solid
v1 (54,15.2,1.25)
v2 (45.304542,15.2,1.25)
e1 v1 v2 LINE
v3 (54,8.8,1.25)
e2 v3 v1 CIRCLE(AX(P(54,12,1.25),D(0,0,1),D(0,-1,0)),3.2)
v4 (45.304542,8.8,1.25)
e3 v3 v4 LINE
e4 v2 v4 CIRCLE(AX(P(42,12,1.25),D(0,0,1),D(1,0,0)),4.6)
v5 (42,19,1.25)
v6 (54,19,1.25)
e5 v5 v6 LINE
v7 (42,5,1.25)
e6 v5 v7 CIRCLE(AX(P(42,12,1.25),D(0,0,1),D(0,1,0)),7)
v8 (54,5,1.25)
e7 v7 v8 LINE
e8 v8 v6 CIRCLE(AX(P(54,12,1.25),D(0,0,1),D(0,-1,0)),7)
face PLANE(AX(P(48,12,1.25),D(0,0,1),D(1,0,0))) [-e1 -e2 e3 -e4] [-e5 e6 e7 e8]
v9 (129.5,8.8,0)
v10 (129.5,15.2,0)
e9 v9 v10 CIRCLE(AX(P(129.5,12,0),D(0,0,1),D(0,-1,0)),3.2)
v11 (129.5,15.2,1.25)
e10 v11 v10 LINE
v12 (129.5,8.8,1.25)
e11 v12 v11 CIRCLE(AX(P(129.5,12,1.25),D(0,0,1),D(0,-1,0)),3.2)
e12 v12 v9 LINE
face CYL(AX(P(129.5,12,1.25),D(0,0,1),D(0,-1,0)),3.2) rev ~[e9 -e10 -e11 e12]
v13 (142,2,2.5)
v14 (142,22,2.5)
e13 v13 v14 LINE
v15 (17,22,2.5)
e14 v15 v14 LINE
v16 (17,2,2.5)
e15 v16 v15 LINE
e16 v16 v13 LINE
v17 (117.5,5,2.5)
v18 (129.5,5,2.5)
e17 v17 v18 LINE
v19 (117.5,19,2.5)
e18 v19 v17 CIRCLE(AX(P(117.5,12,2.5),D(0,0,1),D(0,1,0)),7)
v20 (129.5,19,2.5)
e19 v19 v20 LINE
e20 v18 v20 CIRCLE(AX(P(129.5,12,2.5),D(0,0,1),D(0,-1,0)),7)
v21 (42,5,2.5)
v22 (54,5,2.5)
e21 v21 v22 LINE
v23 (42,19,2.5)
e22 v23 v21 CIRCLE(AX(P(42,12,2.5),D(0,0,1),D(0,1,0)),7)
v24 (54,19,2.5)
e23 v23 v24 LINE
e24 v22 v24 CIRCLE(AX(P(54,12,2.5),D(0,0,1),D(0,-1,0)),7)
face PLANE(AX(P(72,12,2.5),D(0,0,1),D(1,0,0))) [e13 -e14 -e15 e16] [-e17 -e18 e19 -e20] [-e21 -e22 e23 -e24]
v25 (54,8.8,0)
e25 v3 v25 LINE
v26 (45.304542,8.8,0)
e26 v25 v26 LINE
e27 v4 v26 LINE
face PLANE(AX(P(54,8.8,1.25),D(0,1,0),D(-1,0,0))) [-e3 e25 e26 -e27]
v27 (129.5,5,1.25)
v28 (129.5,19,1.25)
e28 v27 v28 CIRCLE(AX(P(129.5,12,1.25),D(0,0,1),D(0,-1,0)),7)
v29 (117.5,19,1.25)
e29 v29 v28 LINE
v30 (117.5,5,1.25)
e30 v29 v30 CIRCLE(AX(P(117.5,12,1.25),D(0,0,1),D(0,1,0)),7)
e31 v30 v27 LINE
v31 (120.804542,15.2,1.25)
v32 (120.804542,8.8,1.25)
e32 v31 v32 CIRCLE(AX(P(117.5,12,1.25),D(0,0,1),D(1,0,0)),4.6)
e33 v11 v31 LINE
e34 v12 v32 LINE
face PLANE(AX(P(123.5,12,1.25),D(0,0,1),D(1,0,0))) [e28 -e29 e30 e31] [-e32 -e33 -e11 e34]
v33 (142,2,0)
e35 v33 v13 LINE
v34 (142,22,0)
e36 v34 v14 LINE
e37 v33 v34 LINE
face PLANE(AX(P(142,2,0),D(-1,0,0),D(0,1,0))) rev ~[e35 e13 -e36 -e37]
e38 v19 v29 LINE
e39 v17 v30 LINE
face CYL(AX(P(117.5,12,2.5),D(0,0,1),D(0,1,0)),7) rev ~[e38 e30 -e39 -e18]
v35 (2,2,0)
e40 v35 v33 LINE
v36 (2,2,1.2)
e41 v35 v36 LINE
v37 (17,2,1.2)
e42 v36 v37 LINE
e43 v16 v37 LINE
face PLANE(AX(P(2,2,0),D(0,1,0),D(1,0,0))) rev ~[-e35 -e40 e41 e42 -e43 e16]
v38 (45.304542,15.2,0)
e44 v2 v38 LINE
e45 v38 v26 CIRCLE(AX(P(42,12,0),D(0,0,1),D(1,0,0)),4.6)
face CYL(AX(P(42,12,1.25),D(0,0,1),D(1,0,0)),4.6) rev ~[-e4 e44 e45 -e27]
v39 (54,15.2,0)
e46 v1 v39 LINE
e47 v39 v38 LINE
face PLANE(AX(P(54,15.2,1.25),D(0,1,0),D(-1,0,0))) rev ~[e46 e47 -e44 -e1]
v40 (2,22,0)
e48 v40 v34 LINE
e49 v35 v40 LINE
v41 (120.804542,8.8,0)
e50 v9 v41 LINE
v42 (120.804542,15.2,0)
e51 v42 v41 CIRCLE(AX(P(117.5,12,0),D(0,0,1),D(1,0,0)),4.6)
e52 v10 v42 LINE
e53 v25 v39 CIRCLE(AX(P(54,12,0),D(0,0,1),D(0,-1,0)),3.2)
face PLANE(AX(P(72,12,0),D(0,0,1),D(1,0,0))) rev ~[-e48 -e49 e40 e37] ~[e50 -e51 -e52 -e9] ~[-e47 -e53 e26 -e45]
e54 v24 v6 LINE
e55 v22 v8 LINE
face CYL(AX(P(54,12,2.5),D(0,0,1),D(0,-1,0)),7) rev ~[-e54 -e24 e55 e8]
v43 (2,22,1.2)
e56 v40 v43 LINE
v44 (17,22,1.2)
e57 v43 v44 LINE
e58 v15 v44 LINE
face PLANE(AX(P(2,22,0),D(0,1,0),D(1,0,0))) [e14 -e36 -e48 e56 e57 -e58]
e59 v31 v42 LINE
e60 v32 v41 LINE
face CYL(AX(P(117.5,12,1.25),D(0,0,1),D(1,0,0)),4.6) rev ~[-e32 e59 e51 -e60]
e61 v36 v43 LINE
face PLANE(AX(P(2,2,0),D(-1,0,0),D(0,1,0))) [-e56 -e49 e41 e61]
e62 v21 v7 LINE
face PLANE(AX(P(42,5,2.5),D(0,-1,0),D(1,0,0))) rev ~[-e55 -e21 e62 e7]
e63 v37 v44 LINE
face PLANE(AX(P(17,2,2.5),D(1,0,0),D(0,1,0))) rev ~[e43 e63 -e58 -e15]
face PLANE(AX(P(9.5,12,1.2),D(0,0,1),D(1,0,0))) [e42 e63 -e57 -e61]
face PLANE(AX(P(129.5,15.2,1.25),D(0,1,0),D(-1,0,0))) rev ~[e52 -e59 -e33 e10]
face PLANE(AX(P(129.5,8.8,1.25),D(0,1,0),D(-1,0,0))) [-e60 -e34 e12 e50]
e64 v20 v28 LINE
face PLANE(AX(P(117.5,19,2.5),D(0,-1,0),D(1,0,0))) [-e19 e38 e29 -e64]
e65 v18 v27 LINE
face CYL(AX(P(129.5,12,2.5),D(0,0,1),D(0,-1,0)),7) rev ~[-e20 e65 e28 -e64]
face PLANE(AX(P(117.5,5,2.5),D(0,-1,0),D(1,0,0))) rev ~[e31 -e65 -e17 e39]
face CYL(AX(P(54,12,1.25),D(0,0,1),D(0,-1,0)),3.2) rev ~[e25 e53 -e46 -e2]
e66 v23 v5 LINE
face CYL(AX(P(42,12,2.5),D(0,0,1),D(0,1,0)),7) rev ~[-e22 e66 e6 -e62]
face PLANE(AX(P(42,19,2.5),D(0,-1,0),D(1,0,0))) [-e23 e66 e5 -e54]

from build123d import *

# Parameters (mm, degrees)
SKETCH_W        = 140
SKETCH_H        = 20
PAD_DEPTH       = 2.5
SKETCH001_W     = 15
SKETCH001_H     = 20
POCKET_DEPTH    = 1.3
POCKET001_DEPTH = 1.25
SKETCH003_R     = 4.6
POCKET002_DEPTH = 1.251


with BuildPart() as part:
    # Sketch → Pad (new body)
    with BuildSketch(Plane.XY):
        with Locations((72, 12)):
            Rectangle(SKETCH_W, SKETCH_H)
    extrude(amount=PAD_DEPTH)

    # Sketch001 → Pocket (cut)
    with BuildSketch(Plane.XY.offset(2.5)):
        with Locations((9.5, 12)):
            Rectangle(SKETCH001_W, SKETCH001_H)
    extrude(amount=-POCKET_DEPTH, mode=Mode.SUBTRACT)

    # Sketch002 → Pocket001 (cut)
    with BuildSketch(Plane.XY.offset(2.5)):
        with BuildLine():
            ThreePointArc((42, 19), (35, 12), (42, 5))
            Line((42, 5), (54, 5))
            ThreePointArc((54, 5), (61, 12), (54, 19))
            Line((42, 19), (54, 19))
        make_face()
        with BuildLine():
            ThreePointArc((117.5, 19), (110.5, 12), (117.5, 5))
            Line((117.5, 5), (129.5, 5))
            ThreePointArc((129.5, 5), (136.5, 12), (129.5, 19))
            Line((117.5, 19), (129.5, 19))
        make_face()
    extrude(amount=-POCKET001_DEPTH, mode=Mode.SUBTRACT)

    # Sketch003 → Pocket002 (cut, through all)
    with BuildSketch(Plane.XY.offset(1.25)):
        with Locations((42, 12)):
            Circle(SKETCH003_R)
        with Locations((117.5, 12)):
            Circle(SKETCH003_R)
        with BuildLine():
            ThreePointArc((54, 8.8), (57.2, 12), (54, 15.2))
            Line((54, 15.2), (44, 15.2))
            ThreePointArc((44, 15.2), (40.8, 12), (44, 8.8))
            Line((54, 8.8), (44, 8.8))
        make_face()
        with BuildLine():
            ThreePointArc((129.5, 8.8), (132.7, 12), (129.5, 15.2))
            Line((129.5, 15.2), (119.5, 15.2))
            ThreePointArc((119.5, 15.2), (116.3, 12), (119.5, 8.8))
            Line((129.5, 8.8), (119.5, 8.8))
        make_face()
    extrude(amount=-POCKET002_DEPTH, mode=Mode.SUBTRACT)


solid = part.part
